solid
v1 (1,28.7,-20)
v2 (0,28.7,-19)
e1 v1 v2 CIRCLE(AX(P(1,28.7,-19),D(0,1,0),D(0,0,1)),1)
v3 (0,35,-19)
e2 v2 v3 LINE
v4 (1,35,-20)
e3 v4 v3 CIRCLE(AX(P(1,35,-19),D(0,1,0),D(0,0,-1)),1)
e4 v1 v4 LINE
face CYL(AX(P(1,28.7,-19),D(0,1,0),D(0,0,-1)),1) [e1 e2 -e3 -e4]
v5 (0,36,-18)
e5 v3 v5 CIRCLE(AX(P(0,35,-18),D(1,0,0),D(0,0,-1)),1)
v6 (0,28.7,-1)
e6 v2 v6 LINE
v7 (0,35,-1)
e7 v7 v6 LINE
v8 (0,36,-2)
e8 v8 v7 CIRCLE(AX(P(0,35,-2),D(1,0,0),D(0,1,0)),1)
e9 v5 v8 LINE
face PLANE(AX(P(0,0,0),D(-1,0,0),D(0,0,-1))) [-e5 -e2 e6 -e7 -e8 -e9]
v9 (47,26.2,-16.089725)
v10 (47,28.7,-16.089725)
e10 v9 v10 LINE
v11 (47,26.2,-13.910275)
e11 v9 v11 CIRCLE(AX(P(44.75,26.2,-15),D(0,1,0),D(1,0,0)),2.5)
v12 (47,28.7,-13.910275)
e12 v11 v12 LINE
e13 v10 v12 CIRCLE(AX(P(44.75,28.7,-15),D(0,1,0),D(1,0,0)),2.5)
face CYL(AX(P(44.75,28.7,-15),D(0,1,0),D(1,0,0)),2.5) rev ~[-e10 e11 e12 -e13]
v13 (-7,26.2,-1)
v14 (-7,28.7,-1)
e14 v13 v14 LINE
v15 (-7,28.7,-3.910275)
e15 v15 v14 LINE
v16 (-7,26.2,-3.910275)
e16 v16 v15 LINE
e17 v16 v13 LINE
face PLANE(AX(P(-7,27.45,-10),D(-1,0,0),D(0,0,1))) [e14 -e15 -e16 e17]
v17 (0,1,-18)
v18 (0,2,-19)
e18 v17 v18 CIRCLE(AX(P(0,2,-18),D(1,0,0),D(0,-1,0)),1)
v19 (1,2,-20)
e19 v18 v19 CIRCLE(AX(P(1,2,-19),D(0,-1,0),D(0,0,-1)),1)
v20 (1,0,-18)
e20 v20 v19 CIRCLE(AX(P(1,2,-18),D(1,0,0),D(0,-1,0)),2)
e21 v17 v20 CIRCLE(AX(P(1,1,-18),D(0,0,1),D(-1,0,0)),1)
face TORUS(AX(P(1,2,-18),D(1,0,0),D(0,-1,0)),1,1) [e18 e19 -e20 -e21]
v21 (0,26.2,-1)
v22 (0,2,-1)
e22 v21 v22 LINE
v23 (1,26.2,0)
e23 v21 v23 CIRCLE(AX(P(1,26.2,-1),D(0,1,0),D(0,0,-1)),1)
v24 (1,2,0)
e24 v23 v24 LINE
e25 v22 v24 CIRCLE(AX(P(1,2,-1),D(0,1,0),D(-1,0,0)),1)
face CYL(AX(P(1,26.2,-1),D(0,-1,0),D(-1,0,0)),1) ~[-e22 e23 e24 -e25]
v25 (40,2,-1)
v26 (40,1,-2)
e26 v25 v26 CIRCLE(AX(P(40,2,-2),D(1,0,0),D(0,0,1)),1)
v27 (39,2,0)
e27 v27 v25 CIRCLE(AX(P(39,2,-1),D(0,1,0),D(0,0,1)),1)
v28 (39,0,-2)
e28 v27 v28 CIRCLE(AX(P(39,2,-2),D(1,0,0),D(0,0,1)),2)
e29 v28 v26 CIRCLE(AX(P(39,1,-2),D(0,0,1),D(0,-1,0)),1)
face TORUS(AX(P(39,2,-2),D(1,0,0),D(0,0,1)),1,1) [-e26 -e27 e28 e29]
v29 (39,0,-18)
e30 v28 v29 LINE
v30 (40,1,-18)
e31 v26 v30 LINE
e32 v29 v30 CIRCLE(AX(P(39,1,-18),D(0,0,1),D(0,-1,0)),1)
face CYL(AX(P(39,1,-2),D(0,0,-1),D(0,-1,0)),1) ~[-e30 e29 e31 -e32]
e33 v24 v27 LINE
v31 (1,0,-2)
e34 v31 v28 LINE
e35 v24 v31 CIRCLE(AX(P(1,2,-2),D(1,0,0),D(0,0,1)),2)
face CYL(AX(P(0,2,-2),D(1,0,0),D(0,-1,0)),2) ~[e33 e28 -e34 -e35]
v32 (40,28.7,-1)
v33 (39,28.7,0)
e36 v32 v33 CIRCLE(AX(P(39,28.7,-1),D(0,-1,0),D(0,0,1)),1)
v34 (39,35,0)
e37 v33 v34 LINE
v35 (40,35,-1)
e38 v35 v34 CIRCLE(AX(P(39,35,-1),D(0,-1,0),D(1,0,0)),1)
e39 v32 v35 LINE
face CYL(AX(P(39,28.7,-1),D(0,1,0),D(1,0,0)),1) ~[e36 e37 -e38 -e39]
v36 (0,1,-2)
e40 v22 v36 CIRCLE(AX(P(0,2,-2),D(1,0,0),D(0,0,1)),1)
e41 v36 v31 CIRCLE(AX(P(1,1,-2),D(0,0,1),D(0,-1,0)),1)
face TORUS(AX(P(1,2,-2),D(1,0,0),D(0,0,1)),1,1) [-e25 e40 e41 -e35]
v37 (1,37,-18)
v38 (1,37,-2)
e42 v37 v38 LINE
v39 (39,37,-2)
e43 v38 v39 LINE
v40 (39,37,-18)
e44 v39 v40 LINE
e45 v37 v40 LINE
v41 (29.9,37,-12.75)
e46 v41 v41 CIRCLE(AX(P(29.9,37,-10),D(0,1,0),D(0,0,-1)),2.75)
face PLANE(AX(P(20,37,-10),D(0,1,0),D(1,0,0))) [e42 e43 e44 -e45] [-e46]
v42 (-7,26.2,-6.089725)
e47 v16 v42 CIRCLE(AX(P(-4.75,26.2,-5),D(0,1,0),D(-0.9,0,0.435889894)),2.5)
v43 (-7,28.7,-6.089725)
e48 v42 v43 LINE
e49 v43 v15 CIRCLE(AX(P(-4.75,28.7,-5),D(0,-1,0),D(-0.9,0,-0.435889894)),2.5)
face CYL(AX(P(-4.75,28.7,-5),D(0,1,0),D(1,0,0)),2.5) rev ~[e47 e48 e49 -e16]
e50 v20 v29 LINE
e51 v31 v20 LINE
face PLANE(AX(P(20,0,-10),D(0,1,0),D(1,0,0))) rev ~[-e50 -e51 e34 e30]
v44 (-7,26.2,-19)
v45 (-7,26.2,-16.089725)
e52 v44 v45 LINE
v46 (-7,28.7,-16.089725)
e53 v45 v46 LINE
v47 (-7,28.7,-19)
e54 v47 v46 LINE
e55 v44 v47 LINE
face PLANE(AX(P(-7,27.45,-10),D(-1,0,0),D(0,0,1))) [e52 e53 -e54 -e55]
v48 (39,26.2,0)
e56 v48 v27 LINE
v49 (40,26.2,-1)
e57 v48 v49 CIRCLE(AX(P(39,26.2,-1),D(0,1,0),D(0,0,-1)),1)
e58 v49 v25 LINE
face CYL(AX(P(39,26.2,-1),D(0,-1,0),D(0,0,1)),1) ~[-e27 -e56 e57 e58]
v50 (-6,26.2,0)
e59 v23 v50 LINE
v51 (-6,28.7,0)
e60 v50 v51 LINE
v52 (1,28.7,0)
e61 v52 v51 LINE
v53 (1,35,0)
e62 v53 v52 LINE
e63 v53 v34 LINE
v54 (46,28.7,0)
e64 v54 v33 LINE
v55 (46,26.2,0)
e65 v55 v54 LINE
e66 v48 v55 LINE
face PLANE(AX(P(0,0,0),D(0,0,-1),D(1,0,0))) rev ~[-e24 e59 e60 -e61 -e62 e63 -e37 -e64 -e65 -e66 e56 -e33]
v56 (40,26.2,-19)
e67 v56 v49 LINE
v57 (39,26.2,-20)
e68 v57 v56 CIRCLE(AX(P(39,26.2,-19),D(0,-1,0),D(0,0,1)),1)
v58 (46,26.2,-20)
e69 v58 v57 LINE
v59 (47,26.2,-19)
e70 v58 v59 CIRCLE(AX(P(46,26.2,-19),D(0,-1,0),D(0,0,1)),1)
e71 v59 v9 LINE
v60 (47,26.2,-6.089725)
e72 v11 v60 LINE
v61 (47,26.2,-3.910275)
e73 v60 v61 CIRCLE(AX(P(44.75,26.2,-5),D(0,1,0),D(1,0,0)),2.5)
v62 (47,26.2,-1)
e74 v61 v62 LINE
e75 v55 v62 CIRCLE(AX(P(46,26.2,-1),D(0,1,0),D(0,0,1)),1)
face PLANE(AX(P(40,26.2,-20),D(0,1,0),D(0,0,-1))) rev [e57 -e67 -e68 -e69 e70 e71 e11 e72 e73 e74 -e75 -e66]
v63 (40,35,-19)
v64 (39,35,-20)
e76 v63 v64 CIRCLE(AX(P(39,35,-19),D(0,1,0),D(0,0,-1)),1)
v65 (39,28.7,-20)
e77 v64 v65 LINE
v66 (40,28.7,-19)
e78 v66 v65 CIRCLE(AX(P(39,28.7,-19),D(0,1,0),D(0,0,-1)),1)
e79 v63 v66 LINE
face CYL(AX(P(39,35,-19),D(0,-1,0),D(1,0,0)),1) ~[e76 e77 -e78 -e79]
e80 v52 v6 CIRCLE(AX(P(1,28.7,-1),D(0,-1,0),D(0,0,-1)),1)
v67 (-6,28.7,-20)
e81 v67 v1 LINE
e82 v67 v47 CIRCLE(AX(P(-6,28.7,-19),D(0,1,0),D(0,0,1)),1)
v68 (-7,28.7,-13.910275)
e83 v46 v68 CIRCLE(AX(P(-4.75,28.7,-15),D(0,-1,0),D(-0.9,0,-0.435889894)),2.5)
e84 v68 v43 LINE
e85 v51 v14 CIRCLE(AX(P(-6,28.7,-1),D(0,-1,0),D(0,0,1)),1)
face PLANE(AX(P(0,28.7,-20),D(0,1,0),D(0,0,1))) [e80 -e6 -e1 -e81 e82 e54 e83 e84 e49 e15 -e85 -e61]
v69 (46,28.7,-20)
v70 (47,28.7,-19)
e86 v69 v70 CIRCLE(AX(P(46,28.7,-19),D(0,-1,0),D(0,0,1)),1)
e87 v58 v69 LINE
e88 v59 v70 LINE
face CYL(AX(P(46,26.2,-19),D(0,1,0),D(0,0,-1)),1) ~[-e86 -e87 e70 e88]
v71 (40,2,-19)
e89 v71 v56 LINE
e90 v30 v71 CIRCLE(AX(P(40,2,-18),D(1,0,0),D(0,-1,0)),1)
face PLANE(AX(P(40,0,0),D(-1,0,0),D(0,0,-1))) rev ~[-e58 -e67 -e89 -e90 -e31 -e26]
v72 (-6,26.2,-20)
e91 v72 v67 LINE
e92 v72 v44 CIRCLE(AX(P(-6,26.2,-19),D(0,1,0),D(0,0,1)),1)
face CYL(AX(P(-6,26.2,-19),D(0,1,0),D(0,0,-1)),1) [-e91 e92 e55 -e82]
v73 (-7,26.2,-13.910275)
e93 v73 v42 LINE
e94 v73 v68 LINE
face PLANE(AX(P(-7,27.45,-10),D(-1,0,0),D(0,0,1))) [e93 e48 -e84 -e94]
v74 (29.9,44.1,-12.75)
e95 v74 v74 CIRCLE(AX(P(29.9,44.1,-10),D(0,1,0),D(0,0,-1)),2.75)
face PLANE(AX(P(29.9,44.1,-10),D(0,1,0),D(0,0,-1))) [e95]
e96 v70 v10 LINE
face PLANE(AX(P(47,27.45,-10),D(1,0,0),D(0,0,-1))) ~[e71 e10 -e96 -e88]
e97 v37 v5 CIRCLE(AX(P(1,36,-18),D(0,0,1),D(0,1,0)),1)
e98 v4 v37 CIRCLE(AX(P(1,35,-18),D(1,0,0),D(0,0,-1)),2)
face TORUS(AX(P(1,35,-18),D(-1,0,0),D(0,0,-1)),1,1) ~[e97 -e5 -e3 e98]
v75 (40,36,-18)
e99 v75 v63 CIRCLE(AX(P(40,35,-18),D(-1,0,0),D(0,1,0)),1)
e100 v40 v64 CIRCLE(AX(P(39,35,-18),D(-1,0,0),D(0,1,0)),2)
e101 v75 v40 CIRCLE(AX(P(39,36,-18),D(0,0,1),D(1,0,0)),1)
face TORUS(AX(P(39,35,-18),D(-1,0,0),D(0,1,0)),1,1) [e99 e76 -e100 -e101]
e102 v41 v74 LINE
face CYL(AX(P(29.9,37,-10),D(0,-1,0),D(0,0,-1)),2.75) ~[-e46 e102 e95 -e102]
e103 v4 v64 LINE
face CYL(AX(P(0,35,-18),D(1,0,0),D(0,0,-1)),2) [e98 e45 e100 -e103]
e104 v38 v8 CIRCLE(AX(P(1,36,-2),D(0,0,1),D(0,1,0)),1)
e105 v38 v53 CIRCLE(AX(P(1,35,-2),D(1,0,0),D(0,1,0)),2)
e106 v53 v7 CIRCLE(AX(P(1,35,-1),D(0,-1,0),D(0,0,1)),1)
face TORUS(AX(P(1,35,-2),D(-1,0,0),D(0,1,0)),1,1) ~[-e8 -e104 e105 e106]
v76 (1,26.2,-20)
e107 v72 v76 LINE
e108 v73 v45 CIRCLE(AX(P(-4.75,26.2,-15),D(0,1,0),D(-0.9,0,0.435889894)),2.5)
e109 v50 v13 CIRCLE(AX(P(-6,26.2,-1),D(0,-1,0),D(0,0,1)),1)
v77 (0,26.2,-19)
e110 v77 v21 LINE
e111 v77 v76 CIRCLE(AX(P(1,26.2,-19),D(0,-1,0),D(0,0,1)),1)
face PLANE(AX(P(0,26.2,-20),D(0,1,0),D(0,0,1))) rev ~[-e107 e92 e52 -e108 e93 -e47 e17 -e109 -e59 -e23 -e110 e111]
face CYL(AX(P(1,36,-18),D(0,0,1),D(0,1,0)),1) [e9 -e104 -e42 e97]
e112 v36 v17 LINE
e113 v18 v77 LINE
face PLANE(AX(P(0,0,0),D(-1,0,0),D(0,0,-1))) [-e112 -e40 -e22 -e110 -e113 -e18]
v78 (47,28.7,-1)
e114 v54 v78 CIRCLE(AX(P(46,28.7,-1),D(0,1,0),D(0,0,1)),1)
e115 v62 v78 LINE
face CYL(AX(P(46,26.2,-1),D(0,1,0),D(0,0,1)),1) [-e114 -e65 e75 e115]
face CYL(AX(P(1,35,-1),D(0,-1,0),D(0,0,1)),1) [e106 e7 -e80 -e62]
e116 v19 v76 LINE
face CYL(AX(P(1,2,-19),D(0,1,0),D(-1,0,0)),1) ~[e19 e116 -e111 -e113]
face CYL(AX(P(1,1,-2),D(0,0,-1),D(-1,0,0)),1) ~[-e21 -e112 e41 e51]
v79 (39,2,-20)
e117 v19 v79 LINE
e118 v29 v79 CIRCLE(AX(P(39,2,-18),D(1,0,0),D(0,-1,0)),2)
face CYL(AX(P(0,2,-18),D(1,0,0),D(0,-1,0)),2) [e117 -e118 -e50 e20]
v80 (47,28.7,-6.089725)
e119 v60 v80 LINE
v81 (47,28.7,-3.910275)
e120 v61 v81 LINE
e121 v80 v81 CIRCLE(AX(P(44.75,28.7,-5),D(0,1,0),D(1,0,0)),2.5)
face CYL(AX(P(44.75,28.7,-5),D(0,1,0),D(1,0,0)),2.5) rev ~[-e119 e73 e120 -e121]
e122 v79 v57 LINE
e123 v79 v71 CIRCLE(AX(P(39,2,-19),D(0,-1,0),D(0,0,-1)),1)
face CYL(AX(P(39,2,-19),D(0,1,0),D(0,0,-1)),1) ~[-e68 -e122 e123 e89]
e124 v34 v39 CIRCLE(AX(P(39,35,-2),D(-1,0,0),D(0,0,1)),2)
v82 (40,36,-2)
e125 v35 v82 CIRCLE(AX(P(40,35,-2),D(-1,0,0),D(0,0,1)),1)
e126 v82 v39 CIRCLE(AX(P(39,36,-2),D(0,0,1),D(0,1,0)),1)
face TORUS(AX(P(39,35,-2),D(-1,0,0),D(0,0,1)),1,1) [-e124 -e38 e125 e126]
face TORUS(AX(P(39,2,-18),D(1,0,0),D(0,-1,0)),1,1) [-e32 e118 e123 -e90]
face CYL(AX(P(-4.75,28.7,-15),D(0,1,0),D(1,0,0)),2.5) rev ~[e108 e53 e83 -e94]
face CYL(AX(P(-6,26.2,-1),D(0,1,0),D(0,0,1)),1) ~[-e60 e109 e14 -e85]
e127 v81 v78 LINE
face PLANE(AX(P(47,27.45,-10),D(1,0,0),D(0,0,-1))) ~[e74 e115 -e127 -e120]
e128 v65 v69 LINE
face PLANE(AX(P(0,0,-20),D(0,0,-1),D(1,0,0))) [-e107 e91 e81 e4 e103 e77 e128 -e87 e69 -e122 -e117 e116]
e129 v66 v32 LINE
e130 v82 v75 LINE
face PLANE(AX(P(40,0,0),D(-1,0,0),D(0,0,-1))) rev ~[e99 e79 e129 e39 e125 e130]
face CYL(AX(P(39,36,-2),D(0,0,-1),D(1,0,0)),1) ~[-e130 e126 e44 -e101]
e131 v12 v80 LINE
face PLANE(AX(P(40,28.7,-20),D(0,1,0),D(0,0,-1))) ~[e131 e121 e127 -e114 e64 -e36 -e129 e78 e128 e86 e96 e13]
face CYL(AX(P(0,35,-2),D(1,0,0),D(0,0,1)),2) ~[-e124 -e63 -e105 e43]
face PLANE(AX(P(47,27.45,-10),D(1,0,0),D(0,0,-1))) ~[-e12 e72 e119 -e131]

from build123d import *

# Parameters (mm, degrees)
SKETCH2_W           = 40
SKETCH2_H           = 20
BOSS_EXTRUDE1_DEPTH = 37
SKETCH3_W           = 20
SKETCH3_H           = 2.5
BOSS_EXTRUDE2_DEPTH = 7
SKETCH4_R           = 2.5
CUT_EXTRUDE5_DEPTH  = 7.25
SKETCH5_R           = 2.75
BOSS_EXTRUDE4_DEPTH = 7.1
FILLET1_R           = 2
FILLET2_R           = 1


with BuildPart() as part:
    # Sketch2 → Boss-Extrude1 (new body)
    with BuildSketch(Plane(origin=(0, 0, 0), x_dir=(1, 0, 0), z_dir=(0, 1, 0))):
        with Locations((20, 10)):
            Rectangle(SKETCH2_W, SKETCH2_H)
    extrude(amount=BOSS_EXTRUDE1_DEPTH)

    # Sketch3 → Boss-Extrude2 (add)
    with BuildSketch(Plane.ZY):
        with Locations((-10, 27.45)):
            Rectangle(SKETCH3_W, SKETCH3_H)
    boss_extrude2 = extrude(amount=BOSS_EXTRUDE2_DEPTH)

    # Mirror1: Boss-Extrude2 across plane
    add(boss_extrude2.mirror(Plane.ZY.offset(-20)))

    # Sketch4 → Cut-Extrude5 (cut)
    with BuildSketch(Plane(origin=(0, 28.7, 0), x_dir=(1, 0, 0), z_dir=(0, 1, 0))):
        with Locations((-4.75, 15)):
            Circle(SKETCH4_R)
        with Locations((-4.75, 5)):
            Circle(SKETCH4_R)
        with Locations((44.75, 5)):
            Circle(SKETCH4_R)
        with Locations((44.75, 15)):
            Circle(SKETCH4_R)
    extrude(amount=-CUT_EXTRUDE5_DEPTH, mode=Mode.SUBTRACT)

    # Sketch5 → Boss-Extrude4 (add)
    with BuildSketch(Plane(origin=(0, 37, 0), x_dir=(1, 0, 0), z_dir=(0, 1, 0))):
        with Locations(Location((29.9, 10, 0), (0, 0, 90))):
            Circle(SKETCH5_R)
    extrude(amount=BOSS_EXTRUDE4_DEPTH)

    # Fillet1
    fillet1_edges = [part.edges().sort_by_distance(p)[0] for p in [
        (20, 37, -20),
        (20, 0, -20),
        (20, 0, 0),
        (20, 37, 0),
    ]]
    fillet(fillet1_edges, radius=FILLET1_R)

    # Fillet2
    fillet2_edges = [part.edges().sort_by_distance(p)[0] for p in [
        (0, 31.85, -20),
        (0, 36.414213562, -19.414213562),
        (0, 36.414213562, -0.585786438),
        (40, 0, -10),
        (40, 0.585786438, -19.414213562),
        (40, 0.585786438, -0.585786438),
        (0, 0, -10),
        (0, 0.585786438, -19.414213562),
        (0, 0.585786438, -0.585786438),
        (0, 14.1, 0),
        (0, 14.1, -20),
        (-7, 27.45, -20),
        (-7, 27.45, 0),
        (40, 14.1, -20),
        (40, 14.1, 0),
        (47, 27.45, -20),
        (47, 27.45, 0),
        (0, 37, -10),
        (40, 37, -10),
        (40, 31.85, 0),
        (40, 31.85, -20),
        (40, 36.414213562, -19.414213562),
        (40, 36.414213562, -0.585786438),
        (0, 31.85, 0),
    ]]
    fillet(fillet2_edges, radius=FILLET2_R)


solid = part.part
